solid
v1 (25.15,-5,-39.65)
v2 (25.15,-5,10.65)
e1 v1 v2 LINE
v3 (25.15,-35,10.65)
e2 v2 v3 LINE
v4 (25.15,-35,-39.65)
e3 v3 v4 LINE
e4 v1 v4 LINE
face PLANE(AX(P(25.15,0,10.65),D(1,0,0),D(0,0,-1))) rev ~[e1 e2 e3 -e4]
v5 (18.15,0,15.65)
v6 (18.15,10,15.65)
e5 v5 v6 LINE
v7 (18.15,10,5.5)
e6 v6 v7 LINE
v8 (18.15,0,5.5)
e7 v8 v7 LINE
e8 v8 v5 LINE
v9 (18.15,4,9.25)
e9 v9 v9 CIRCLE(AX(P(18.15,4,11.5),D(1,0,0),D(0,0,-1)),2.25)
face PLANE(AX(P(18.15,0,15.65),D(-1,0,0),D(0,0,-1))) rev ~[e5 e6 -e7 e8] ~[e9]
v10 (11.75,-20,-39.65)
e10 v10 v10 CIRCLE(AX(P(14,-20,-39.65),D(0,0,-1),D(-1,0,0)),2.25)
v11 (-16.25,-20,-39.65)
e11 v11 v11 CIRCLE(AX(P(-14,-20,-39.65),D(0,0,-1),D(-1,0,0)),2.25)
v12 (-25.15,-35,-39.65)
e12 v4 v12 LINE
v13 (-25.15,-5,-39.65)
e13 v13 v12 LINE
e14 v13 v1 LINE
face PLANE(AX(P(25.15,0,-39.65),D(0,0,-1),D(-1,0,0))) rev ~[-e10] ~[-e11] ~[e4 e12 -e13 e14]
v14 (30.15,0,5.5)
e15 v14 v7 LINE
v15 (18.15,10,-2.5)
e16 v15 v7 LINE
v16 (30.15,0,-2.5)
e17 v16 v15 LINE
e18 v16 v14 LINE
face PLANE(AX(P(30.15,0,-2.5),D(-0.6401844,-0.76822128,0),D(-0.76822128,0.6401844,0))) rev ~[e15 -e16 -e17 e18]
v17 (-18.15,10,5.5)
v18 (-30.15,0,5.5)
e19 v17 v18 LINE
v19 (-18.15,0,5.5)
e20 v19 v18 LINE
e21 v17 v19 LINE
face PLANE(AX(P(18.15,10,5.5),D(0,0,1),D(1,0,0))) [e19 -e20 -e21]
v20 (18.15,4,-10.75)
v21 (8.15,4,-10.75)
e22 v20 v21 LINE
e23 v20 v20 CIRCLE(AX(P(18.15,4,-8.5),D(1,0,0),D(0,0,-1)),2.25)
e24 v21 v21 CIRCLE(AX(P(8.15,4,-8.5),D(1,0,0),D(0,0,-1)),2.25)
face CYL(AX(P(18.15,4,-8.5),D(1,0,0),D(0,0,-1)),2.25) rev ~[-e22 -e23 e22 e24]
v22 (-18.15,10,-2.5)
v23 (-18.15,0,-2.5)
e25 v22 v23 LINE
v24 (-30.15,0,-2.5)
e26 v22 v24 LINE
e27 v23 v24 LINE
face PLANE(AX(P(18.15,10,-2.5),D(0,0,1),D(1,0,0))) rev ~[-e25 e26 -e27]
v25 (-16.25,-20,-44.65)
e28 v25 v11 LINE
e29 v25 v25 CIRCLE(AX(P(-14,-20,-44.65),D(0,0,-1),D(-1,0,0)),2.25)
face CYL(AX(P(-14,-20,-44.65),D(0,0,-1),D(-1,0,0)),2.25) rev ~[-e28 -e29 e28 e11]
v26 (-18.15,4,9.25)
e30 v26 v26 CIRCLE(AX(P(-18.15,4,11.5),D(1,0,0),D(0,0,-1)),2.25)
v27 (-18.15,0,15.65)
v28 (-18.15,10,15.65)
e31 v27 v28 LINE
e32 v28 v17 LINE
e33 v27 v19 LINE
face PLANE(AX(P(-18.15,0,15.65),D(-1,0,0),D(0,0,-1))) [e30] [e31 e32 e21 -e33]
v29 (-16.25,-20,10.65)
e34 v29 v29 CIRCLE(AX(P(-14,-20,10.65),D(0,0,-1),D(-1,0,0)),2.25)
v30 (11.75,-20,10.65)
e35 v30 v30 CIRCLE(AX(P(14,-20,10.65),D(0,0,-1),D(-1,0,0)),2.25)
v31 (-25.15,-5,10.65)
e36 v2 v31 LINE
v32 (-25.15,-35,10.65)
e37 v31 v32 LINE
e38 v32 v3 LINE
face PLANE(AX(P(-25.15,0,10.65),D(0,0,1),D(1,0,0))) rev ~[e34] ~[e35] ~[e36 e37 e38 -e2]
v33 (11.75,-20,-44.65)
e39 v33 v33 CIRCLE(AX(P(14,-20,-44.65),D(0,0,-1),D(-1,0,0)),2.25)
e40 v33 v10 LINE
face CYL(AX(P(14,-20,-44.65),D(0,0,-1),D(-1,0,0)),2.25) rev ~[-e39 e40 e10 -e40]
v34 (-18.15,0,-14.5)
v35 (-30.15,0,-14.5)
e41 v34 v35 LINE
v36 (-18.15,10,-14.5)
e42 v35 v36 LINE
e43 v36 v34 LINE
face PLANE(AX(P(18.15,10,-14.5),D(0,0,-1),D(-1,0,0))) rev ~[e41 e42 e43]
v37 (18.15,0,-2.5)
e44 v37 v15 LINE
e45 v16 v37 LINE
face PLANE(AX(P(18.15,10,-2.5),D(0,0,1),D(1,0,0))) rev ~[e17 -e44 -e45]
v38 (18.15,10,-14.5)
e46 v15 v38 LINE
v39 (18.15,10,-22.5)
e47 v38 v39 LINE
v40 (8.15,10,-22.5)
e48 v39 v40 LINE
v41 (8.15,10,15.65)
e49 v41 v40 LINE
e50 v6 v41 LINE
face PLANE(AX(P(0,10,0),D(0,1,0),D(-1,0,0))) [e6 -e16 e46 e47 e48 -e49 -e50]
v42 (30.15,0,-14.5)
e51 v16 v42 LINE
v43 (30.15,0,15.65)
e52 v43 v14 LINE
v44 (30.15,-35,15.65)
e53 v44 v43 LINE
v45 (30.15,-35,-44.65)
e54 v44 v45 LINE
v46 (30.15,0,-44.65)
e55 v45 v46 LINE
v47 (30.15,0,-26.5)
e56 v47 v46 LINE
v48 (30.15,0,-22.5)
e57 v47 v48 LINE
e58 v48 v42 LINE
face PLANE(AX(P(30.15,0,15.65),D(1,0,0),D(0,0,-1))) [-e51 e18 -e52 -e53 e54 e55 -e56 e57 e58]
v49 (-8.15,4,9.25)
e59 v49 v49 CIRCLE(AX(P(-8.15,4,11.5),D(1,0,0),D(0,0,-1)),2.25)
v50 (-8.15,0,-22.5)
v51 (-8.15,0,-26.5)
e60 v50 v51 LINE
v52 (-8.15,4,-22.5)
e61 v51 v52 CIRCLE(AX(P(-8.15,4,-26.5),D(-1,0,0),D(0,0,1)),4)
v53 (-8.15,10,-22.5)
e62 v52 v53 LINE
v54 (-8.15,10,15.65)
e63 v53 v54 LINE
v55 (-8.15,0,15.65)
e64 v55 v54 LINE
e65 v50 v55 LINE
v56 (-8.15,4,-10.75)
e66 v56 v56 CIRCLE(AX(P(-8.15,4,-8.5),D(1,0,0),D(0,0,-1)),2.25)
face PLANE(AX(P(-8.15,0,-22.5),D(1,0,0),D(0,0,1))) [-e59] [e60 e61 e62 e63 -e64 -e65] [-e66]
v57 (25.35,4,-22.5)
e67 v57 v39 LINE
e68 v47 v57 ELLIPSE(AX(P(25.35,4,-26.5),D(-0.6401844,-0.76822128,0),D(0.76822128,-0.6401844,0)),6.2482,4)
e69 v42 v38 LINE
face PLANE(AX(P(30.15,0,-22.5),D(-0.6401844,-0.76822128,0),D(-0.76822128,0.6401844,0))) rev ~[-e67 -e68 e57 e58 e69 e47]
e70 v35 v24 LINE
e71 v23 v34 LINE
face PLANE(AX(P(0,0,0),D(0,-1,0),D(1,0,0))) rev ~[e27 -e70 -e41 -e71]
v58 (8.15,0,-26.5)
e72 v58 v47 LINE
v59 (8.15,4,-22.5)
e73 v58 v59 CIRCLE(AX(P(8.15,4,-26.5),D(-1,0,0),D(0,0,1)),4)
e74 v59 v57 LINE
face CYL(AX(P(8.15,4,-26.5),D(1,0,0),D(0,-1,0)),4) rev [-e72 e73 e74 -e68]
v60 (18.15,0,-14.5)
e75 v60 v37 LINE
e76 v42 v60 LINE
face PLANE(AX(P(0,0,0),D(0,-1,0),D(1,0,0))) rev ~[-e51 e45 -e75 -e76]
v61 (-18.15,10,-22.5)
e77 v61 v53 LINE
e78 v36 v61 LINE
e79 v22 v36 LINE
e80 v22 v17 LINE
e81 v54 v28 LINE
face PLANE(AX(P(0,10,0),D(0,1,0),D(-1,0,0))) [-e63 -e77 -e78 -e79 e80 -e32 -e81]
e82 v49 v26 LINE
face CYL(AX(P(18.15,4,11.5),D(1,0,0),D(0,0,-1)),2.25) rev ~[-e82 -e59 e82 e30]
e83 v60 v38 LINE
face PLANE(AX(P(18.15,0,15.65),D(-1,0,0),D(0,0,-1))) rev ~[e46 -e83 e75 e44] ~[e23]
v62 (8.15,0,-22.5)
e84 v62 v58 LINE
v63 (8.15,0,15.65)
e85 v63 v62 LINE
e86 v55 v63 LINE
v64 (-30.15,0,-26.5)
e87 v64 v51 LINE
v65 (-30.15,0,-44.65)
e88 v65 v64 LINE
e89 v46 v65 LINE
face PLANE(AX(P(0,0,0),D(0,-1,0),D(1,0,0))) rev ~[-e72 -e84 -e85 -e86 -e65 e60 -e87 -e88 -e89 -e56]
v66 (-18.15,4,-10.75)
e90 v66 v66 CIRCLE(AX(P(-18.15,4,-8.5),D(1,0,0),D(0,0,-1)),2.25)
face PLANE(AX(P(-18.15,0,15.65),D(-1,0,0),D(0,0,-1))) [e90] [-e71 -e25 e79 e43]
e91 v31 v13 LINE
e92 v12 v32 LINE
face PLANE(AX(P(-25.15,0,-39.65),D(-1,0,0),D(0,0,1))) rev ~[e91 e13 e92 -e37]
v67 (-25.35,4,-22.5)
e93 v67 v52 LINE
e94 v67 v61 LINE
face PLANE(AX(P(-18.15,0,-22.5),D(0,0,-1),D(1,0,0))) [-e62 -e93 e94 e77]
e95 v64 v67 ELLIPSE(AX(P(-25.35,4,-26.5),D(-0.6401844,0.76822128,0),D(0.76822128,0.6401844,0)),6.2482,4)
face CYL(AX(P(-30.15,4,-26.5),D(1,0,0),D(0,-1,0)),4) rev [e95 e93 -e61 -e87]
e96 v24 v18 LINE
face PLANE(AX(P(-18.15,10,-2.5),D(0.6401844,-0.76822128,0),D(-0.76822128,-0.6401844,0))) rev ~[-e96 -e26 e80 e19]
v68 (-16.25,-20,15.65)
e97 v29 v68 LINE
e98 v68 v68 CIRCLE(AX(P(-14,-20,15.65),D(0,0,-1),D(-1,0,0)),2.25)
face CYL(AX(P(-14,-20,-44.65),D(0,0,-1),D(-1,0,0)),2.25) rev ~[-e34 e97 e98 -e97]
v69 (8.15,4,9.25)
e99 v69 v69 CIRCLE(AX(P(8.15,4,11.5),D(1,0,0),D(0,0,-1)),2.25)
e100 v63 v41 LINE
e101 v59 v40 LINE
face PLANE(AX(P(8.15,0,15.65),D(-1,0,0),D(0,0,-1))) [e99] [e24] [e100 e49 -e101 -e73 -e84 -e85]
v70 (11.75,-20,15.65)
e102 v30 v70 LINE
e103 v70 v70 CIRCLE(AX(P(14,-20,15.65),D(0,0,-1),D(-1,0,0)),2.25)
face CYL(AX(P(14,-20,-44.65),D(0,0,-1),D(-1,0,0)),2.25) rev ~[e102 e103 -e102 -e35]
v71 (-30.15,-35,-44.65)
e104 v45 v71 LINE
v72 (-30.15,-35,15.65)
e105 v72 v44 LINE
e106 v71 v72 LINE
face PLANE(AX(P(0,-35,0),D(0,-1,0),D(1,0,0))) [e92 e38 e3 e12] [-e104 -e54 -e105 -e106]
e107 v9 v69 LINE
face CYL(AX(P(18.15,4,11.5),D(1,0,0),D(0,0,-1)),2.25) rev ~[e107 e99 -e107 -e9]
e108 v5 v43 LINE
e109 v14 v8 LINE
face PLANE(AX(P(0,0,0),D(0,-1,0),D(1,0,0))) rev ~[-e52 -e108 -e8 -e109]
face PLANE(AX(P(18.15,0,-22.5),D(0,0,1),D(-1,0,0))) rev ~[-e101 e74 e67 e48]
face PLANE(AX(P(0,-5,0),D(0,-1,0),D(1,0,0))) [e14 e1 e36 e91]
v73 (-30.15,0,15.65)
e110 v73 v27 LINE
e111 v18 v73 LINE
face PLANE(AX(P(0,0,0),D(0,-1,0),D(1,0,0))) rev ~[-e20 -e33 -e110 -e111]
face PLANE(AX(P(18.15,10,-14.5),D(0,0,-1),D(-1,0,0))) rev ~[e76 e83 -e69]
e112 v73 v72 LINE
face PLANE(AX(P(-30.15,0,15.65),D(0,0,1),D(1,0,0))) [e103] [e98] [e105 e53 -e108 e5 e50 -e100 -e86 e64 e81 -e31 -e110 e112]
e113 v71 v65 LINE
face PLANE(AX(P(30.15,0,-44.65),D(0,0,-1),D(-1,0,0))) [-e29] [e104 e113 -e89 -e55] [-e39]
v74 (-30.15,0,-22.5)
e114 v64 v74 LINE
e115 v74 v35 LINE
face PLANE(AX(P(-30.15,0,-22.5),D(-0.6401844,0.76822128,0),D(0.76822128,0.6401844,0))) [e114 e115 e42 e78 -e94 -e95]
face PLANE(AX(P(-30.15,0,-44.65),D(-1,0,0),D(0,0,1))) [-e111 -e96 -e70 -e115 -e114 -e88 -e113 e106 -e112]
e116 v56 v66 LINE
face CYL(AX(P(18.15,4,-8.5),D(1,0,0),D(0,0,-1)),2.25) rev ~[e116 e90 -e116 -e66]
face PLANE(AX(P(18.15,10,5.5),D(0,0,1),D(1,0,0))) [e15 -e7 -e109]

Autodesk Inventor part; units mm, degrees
ref_plane "YZ Plane" through (0, 0, 0) normal (1, 0, 0) x (0, 1, 0)
ref_plane "XZ Plane" through (0, 0, 0) normal (0, 1, 0) x (-1, 0, 0)
sketch "Sketch1" plane through (0, 0, 0) normal (0, 1, 0) x (-1, 0, 0)
  line L0 (8.15, 22.5) -> (-8.15, 22.5)
  line L1 (-8.15, 22.5) -> (-8.15, -22.5)
  line L2 (-8.15, -22.5) -> (8.15, -22.5)
  line L3 (8.15, -22.5) -> (8.15, 22.5)
  line L4 (8.15, 22.5) -> (-8.15, -22.5) construction
  line L5 (-8.15, 22.5) -> (8.15, -22.5) construction
  line L6 (8.15, 22.5) -> (18.15, 22.5)
  line L7 (18.15, 22.5) -> (18.15, -22.5)
  line L8 (18.15, -22.5) -> (8.15, -22.5)
  line L9 (8.15, -22.5) -> (8.15, 22.5)
  line L10 (-8.15, 22.5) -> (-18.15, 22.5)
  line L11 (-18.15, 22.5) -> (-18.15, -22.5)
  line L12 (-18.15, -22.5) -> (-8.15, -22.5)
  line L13 (-8.15, -22.5) -> (-8.15, 22.5)
  line L14 (-18.15, 22.5) -> (-18.15, 15.65) construction
  line L15 (-18.15, 15.65) -> (18.15, 15.65)
  point P0 (0, 0)
  point P1 (8.15, -22.5)
  point P2 (8.15, 15.65)
  point P3 (-8.15, 15.65)
  dimension "d0" = 16.3
  dimension "d1" = 45
  dimension "d2" = 10
  dimension "d3" = 10
  dimension "d48" = 6.85
extrude "Extrusion1" add sketch "Sketch1" along normal blind 10 contours L15 L7 L8 L3 | L1 L12 L11 L15
sketch "Sketch2" plane through (18.15, 10, 22.5) normal (1, 0, 0) x (0, 0, -1)
  line L0 (0, -10) -> (0, 0) construction
  line L1 (0, -10) -> (11, -10) construction
  line L2 (6.85, -10) -> (45, -10) construction
  line L3 (11, -10) -> (11, -6) construction
  line L4 (11, -10) -> (31, -10) construction
  line L5 (31, -10) -> (31, -6) construction
  circle A0 centre (11, -6) radius 2.25
  circle A1 centre (31, -6) radius 2.25
  point P0 (22.5, -10)
  dimension "d8" = 11
  dimension "d9" = 4
  dimension "d10" = 20
  dimension "d11" = 4
  dimension "d12" = 4.5
extrude "Extrusion3" cut sketch "Sketch2" against normal blind 60
sketch "Sketch3" plane through (0, 0, 0) normal (0, -1, 0) x (1, 0, 0)
  line L0 (8.15, -22.5) -> (-8.15, -22.5) construction
  line L1 (0, -22.5) -> (0, -14.5) construction
  line L2 (-25.15, 10.65) -> (25.15, 10.65)
  line L3 (25.15, 10.65) -> (25.15, -39.65)
  line L4 (25.15, -39.65) -> (-25.15, -39.65)
  line L5 (-25.15, -39.65) -> (-25.15, 10.65)
  line L6 (-25.15, 10.65) -> (25.15, -39.65) construction
  line L7 (25.15, 10.65) -> (-25.15, -39.65) construction
  line L8 (-30.15, 15.65) -> (30.15, 15.65)
  line L9 (30.15, 15.65) -> (30.15, -44.65)
  line L10 (30.15, -44.65) -> (-30.15, -44.65)
  line L11 (-30.15, -44.65) -> (-30.15, 15.65)
  line L12 (-30.15, 15.65) -> (30.15, -44.65) construction
  line L13 (30.15, 15.65) -> (-30.15, -44.65) construction
  point P0 (0, 0)
  dimension "d16" = 8
  dimension "d17" = 50.3
  dimension "d18" = 50.3
  dimension "d19" = 60.3
  dimension "d20" = 60.3
extrude "Extrusion4" add sketch "Sketch3" along normal blind 5 contours L2 L3 L4 L5 | L8 L9 L10 L11
extrude "Extrusion5" add sketch "Sketch3" along normal blind 35
sketch "Sketch4" plane through (30.15, 0, -44.65) normal (0, 0, -1) x (-1, 0, 0)
  circle A0 centre (44.15, -20) radius 2.25
  line L0 (16.15, -20) -> (44.15, -20) construction
  line L1 (0, -35) -> (48, -35) construction
  line L2 (0, -35) -> (0, -20) construction
  circle A1 centre (16.15, -20) radius 2.25
  line L3 (60.3, 0) -> (60.3, -35) projected
  line L4 (0, 0) -> (0, -35) projected
  line L5 (60.3, -35) -> (0, -35)
  line L6 (0, -35) -> (0, -5)
  line L7 (0, -5) -> (60.3, -5)
  line L8 (60.3, -5) -> (60.3, -35)
  line L9 (60.3, -35) -> (0, -5) construction
  line L10 (30.15, -20) -> (30.15, -16.3233) construction
  line L11 (30.15, -20) -> (30.15, -23.594) construction
  point P0 (0, -35)
  point P1 (0, -35)
  dimension "d25" = 15
  dimension "d27" = 28
  dimension "d28" = 4.5
  dimension "d29" = 4.5
  dimension "d36" = 30
extrude "Extrusion6" cut sketch "Sketch4" against normal blind 61 contours A0 | A1
sketch "Sketch5" plane through (18.15, 10, -22.5) normal (0, 0, -1) x (-1, 0, 0)
  line L0 (26.3, 0) -> (36.3, 0) projected
  line L1 (-12, -10) -> (48.3, -10) projected
  line L2 (36.3, 0) -> (36.3, -15)
  line L3 (36.3, -15) -> (48.3, -15)
  line L4 (48.3, -10) -> (36.3, 0)
  line L5 (0, -10) -> (0, 0) projected
  line L6 (0, 0) -> (0, -15)
  line L7 (-12, -10) -> (0, -10) projected
  line L8 (0, -15) -> (-12, -15)
  line L9 (-12, -10) -> (0, 0)
  point P0 (18.15, -10)
  point P1 (36.3, -10)
extrude "Extrusion7" add sketch "Sketch5" against normal blind 8
ref_plane "Work Plane1" through (18.15, 10, -2.5) normal (0, 0, 1) x (1, 0, 0)
sketch "Sketch6" plane through (18.15, 10, -2.5) normal (0, 0, 1) x (1, 0, 0)
  line L0 (-36.3, -10) -> (-48.3, -10) projected
  line L1 (-36.3, 0) -> (-36.3, -10) projected
  line L2 (-36.3, 0) -> (-48.3, -10) projected
  line L3 (12, -10) -> (0, -10) projected
  line L4 (12, -10) -> (0, 0) projected
  line L5 (0, -10) -> (0, 0) projected
  point P0 (-18.15, -10)
extrude "Extrusion8" add sketch "Sketch6" along normal blind 8
fillet "Fillet4" radius 4 2 edges at (19.15, 0, -22.5) (-19.15, 0, -22.5)
properties part number "Suck-brack" material "PBT Plastic"
